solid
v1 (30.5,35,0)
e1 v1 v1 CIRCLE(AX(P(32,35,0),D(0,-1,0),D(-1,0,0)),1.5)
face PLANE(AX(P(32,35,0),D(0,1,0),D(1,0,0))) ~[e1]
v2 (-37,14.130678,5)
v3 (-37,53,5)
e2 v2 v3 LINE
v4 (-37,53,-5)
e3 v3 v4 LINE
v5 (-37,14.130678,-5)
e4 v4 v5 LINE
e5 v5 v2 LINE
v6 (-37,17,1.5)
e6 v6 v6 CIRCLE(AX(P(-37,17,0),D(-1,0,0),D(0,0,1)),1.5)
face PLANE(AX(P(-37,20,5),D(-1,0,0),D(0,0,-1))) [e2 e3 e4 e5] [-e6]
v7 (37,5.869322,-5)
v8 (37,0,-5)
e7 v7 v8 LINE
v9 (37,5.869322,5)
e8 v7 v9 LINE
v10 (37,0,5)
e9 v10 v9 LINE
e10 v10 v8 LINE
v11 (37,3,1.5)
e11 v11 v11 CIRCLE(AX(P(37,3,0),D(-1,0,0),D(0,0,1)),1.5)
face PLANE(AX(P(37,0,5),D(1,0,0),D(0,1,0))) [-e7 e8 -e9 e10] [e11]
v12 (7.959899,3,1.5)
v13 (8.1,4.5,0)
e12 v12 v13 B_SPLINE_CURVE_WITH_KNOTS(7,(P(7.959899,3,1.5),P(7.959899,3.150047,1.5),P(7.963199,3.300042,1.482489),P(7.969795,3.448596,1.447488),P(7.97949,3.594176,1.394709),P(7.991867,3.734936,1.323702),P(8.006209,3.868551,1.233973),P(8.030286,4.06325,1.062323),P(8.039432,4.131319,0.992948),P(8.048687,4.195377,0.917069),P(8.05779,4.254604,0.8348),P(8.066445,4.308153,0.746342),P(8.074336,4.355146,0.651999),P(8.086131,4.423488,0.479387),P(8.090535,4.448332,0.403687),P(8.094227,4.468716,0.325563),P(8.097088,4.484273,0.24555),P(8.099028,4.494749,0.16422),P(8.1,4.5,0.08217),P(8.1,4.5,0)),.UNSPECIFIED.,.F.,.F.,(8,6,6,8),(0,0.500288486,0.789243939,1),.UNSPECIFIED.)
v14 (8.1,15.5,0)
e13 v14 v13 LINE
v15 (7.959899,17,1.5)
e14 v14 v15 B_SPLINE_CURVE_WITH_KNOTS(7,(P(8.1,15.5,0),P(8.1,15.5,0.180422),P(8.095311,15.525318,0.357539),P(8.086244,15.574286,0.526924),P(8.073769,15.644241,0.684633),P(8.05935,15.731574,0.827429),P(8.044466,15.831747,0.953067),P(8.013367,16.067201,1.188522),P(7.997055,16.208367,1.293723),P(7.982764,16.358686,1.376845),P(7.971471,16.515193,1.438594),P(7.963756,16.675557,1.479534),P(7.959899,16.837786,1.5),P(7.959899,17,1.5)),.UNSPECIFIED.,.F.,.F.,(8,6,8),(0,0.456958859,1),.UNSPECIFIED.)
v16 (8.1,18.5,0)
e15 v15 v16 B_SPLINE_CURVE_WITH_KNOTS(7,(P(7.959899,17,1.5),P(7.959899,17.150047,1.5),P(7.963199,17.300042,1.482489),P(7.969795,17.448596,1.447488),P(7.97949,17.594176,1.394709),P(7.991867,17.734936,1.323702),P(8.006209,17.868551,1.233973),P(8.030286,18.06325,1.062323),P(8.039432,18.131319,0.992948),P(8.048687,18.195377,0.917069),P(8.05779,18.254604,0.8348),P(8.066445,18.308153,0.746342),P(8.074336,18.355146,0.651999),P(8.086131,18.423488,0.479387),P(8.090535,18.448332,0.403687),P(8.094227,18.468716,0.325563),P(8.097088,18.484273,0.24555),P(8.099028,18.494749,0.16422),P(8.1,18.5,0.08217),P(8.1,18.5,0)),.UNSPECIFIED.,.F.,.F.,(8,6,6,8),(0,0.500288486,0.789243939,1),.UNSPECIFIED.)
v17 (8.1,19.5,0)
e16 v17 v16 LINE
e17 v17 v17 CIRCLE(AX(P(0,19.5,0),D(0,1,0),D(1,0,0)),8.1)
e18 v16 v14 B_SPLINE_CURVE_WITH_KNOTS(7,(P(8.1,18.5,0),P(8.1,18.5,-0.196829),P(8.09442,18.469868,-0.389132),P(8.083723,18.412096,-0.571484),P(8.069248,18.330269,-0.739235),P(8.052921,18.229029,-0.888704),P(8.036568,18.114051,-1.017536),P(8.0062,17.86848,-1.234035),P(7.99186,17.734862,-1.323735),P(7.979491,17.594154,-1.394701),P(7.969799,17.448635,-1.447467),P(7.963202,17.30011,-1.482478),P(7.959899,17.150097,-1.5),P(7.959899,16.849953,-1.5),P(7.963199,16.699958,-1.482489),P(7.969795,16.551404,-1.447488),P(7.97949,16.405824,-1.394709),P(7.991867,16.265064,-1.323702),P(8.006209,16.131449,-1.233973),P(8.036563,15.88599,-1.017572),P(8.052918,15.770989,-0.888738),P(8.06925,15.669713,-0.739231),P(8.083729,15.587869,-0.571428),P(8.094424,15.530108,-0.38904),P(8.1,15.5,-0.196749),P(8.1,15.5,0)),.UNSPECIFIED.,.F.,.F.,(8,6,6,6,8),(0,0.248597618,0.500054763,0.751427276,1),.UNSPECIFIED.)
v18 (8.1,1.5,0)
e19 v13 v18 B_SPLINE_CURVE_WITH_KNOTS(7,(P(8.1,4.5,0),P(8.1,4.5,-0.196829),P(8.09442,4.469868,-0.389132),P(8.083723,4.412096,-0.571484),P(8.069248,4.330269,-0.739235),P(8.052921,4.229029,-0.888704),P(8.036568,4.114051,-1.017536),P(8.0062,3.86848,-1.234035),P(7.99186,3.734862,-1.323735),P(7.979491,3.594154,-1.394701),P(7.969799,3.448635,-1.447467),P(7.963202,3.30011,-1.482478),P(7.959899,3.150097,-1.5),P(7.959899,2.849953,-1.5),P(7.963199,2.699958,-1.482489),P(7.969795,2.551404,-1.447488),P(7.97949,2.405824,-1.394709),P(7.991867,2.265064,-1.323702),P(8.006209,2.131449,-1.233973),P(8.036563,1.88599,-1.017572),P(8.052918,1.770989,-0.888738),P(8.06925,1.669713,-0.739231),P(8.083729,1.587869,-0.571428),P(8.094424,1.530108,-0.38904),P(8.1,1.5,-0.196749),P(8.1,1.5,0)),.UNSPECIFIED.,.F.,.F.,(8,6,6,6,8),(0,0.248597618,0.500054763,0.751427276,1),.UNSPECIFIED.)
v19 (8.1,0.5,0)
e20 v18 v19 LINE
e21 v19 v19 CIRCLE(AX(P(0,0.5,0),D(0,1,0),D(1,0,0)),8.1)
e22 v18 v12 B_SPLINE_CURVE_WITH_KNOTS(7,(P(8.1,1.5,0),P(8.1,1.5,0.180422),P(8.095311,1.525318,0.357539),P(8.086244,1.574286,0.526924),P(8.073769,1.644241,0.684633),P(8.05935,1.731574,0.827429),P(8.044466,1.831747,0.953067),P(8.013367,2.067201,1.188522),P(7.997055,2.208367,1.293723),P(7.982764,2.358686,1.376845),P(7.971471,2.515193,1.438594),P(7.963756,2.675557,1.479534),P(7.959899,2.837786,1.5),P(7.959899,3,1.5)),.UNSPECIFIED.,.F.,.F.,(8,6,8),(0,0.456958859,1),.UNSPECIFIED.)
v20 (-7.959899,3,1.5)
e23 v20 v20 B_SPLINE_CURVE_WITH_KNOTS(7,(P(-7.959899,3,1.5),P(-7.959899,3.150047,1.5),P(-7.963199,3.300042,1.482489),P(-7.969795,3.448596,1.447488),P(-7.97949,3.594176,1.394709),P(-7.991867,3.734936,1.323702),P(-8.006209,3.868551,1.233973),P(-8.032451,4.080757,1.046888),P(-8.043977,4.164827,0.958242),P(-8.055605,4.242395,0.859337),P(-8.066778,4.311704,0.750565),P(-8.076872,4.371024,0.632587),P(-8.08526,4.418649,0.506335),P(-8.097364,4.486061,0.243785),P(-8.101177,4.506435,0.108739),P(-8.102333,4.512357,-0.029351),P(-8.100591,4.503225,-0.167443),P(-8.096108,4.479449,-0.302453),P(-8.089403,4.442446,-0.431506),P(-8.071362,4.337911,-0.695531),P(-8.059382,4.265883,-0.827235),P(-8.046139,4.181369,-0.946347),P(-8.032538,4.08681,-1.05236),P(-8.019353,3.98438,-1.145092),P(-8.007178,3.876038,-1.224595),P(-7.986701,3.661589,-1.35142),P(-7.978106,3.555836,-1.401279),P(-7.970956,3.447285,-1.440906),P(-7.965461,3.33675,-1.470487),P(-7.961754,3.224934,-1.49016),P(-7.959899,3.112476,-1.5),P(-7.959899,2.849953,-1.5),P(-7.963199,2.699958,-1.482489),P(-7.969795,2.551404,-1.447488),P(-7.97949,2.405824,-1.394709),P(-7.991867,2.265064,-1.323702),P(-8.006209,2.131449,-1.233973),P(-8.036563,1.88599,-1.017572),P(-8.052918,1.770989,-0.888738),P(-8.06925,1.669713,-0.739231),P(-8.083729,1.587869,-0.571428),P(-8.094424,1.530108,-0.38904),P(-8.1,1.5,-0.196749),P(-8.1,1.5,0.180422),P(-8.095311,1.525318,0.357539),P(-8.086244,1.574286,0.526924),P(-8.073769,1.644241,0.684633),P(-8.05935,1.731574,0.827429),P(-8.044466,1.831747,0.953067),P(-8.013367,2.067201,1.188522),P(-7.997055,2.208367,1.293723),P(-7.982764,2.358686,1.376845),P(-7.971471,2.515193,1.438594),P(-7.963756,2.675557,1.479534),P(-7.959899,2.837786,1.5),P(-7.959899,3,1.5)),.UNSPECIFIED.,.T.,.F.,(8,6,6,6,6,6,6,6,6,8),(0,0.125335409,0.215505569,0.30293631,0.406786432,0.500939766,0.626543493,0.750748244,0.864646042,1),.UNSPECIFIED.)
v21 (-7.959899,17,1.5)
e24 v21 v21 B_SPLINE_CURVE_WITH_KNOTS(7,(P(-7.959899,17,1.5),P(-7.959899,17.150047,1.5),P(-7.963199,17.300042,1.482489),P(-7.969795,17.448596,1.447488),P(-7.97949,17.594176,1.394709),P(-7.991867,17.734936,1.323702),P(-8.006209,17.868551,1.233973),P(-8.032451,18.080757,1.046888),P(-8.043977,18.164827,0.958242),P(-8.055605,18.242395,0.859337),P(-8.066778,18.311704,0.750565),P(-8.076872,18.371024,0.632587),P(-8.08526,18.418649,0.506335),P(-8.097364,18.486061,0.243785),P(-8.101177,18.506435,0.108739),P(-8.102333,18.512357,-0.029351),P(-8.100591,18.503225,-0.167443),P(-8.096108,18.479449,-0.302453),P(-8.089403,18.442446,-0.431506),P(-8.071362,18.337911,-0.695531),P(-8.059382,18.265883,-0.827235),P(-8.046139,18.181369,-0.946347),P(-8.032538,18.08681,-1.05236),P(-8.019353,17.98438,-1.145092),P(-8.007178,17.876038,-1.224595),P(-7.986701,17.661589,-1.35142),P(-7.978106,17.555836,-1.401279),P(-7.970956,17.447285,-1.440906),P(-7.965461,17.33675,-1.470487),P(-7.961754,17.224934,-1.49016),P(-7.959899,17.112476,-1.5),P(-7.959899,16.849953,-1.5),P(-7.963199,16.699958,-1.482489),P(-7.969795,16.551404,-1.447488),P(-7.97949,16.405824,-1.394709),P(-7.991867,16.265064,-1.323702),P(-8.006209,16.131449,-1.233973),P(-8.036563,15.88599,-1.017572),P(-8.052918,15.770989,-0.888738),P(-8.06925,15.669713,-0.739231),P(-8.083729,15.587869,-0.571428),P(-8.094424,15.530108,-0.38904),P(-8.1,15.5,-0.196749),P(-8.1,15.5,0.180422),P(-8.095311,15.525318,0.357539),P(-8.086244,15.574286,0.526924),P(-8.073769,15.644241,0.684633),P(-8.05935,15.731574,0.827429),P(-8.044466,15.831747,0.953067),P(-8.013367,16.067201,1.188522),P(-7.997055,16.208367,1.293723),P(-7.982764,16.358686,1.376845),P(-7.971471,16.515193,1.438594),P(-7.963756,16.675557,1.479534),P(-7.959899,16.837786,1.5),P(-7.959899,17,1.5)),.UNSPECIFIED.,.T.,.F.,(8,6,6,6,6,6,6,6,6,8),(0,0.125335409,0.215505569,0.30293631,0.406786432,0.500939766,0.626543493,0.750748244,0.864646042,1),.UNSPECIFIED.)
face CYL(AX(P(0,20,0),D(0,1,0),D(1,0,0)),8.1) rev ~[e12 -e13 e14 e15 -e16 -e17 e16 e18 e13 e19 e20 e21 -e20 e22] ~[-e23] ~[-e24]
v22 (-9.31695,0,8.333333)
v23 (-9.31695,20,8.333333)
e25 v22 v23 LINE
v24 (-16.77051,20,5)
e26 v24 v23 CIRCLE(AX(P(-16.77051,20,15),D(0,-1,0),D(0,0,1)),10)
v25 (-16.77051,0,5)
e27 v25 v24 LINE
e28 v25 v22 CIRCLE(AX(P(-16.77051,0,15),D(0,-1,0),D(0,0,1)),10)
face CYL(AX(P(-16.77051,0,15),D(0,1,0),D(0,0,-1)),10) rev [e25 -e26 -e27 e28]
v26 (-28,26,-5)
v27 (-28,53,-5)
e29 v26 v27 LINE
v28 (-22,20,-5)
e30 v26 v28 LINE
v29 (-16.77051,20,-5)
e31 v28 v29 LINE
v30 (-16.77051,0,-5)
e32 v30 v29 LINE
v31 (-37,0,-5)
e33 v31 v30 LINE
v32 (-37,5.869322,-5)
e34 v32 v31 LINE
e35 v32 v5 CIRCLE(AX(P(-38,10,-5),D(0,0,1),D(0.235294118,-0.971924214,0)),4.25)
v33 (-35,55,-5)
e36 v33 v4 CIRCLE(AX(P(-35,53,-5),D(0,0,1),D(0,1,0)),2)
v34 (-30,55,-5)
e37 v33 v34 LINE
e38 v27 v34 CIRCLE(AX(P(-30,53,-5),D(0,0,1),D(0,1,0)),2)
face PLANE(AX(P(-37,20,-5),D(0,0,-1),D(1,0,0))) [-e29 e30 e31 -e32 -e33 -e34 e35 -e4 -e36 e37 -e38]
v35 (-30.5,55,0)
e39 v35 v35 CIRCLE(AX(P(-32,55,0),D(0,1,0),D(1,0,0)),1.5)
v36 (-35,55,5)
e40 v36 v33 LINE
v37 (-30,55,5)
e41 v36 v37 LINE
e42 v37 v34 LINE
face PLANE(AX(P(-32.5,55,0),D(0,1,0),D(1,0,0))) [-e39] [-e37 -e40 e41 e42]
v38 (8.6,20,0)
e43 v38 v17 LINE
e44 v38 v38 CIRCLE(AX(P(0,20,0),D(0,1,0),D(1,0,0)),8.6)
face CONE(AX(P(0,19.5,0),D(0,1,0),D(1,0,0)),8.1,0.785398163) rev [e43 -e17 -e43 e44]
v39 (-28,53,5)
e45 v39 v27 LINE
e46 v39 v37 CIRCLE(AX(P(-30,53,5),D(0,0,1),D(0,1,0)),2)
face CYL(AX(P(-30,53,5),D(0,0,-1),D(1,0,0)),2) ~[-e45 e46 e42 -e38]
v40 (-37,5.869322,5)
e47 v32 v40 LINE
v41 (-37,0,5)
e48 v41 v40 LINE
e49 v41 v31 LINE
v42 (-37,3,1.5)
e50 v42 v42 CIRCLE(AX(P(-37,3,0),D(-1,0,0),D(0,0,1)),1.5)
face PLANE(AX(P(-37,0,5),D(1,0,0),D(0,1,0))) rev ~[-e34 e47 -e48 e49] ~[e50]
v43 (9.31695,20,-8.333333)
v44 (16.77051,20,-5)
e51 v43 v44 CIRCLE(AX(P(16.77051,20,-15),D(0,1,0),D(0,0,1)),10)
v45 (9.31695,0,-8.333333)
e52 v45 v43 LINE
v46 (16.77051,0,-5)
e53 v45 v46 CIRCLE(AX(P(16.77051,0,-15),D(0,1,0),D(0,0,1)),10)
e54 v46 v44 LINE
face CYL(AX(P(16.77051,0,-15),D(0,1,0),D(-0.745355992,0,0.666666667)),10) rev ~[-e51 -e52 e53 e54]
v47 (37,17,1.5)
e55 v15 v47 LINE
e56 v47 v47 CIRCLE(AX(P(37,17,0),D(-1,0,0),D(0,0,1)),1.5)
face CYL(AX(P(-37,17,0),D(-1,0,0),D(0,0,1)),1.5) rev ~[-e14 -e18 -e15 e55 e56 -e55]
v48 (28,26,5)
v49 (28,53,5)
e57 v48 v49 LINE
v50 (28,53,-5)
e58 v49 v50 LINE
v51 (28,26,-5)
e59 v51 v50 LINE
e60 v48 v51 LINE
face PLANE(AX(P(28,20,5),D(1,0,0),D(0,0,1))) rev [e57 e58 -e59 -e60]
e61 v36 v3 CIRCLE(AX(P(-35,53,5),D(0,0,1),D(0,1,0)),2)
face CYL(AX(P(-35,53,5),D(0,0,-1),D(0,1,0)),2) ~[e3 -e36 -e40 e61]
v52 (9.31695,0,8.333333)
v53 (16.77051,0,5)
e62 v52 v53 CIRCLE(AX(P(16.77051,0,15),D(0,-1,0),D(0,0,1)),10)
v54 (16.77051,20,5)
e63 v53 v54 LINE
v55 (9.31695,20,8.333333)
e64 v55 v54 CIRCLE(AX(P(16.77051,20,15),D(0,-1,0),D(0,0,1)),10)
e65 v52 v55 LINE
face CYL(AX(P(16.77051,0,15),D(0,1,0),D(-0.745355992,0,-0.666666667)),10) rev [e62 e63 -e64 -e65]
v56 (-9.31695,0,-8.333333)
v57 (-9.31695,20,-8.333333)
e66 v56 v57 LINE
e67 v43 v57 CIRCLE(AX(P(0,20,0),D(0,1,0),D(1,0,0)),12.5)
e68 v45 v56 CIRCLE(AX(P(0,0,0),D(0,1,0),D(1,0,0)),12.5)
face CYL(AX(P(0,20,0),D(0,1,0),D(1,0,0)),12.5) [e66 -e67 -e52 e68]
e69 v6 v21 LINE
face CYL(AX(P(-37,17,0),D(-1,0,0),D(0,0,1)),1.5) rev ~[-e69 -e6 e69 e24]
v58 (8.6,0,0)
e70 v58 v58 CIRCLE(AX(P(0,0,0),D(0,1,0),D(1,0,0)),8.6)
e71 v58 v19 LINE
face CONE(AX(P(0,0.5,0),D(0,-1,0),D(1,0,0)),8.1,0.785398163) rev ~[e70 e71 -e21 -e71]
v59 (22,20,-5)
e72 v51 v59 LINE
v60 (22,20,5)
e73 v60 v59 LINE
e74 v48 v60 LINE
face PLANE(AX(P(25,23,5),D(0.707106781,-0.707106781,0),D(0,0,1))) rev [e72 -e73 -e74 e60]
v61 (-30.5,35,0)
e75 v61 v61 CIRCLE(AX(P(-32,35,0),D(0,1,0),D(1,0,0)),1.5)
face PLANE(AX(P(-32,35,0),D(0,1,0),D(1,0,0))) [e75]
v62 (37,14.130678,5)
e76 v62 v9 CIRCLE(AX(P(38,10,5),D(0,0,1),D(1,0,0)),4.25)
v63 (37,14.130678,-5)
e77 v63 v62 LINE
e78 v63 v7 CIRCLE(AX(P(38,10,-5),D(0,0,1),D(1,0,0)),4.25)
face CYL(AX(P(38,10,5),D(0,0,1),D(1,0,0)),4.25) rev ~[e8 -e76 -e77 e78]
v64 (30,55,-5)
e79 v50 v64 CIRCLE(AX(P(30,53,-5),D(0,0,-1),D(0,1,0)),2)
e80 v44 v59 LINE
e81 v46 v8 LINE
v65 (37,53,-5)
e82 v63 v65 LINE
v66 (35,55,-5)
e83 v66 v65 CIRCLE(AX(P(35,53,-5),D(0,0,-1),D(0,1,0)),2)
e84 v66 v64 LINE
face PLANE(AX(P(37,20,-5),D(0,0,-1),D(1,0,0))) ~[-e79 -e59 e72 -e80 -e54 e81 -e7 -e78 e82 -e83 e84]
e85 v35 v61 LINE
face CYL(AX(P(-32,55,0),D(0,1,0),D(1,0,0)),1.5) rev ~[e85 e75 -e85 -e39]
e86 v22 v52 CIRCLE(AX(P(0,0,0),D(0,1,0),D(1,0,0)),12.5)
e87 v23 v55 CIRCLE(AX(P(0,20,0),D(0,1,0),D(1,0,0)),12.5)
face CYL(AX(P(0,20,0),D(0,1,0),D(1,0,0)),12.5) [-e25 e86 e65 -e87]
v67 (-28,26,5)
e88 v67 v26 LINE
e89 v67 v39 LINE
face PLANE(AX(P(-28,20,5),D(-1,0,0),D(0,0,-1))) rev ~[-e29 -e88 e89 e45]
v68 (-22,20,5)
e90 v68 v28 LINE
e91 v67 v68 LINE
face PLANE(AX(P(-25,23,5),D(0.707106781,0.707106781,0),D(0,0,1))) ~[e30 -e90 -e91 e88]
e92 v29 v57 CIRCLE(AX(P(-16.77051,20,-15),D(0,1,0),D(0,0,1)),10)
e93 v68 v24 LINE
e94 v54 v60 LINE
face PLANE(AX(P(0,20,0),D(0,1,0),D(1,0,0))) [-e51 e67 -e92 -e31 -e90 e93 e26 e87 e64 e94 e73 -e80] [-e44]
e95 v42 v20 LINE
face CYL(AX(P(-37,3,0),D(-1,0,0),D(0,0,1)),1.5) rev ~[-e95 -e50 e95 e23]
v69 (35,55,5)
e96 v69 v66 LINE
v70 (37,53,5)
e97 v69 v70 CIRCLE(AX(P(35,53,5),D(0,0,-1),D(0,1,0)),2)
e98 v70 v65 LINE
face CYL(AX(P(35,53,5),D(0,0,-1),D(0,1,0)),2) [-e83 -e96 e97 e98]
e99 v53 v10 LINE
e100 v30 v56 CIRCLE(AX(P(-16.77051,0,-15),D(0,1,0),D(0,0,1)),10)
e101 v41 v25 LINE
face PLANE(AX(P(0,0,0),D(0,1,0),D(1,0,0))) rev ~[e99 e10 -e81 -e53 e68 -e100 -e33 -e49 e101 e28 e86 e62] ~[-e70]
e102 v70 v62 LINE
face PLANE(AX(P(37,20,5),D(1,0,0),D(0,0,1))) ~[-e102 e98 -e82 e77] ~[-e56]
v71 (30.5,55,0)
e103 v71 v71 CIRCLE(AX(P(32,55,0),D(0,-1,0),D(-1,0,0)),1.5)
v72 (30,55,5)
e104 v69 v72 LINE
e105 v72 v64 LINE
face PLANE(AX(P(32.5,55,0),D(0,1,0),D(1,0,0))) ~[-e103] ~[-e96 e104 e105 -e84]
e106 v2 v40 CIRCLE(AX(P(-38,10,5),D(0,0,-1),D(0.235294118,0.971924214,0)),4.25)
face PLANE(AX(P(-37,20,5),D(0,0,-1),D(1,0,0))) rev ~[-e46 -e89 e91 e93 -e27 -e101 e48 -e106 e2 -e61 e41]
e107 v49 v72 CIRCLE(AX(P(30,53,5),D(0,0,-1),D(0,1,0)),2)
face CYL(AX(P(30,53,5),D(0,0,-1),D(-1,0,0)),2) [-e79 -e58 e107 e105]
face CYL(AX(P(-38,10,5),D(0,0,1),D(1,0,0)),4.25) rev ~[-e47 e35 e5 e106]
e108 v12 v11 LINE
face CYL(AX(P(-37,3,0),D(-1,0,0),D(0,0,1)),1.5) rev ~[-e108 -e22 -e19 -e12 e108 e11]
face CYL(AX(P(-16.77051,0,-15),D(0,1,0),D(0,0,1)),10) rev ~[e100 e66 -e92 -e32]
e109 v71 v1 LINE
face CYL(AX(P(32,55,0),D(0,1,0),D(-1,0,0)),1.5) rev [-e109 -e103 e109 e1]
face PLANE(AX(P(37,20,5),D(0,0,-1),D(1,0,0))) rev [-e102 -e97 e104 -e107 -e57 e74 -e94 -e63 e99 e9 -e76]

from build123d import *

# Parameters (mm, degrees)
SKETCH1_W                = 88
SKETCH1_H                = 10
BOSS_EXTRUDE1_DEPTH      = 20
SKETCH2_R                = 4.25
CUT_EXTRUDE1_DEPTH       = 11
SKETCH7_R                = 12.5
BOSS_EXTRUDE2_DEPTH      = 20
SKETCH4_R                = 8.1
CUT_EXTRUDE3_DEPTH       = 21
FILLET2_R                = 10
SKETCH9_W                = 7
SKETCH9_H                = 20
CUT_EXTRUDE6_DEPTH       = 18.5
SKETCH10_W               = 9
SKETCH10_H               = 10
BOSS_EXTRUDE3_DEPTH      = 35
SKETCH11_R               = 1.5
CUT_EXTRUDE7_DEPTH       = 20
CHAMFER1_SIZE            = 6
FILLET3_R                = 2
CHAMFER1_OF_MIRROR1_SIZE = 6
FILLET3_OF_MIRROR1_R     = 2
CHAMFER2_SIZE            = 0.5
SKETCH12_R               = 1.5
CUT_EXTRUDE8_DEPTH       = 75


with BuildPart() as part:
    # Sketch1 → Boss-Extrude1 (new body)
    with BuildSketch(Plane(origin=(0, 0, 0), x_dir=(1, 0, 0), z_dir=(0, 1, 0))):
        Rectangle(SKETCH1_W, SKETCH1_H)
    extrude(amount=BOSS_EXTRUDE1_DEPTH)

    # Sketch2 → Cut-Extrude1 (cut, through all)
    with BuildSketch(Plane.XY.offset(5)):
        with Locations((-38, 10)):
            Circle(SKETCH2_R)
        with Locations((38, 10)):
            Circle(SKETCH2_R)
    extrude(amount=-CUT_EXTRUDE1_DEPTH, mode=Mode.SUBTRACT)

    # Sketch7 → Boss-Extrude2 (add)
    with BuildSketch(Plane(origin=(0, 20, 0), x_dir=(1, 0, 0), z_dir=(0, 1, 0))):
        Circle(SKETCH7_R)
    extrude(amount=-BOSS_EXTRUDE2_DEPTH)

    # Sketch4 → Cut-Extrude3 (cut, through all)
    with BuildSketch(Plane(origin=(0, 20, 0), x_dir=(1, 0, 0), z_dir=(0, 1, 0))):
        Circle(SKETCH4_R)
    extrude(amount=-CUT_EXTRUDE3_DEPTH, mode=Mode.SUBTRACT)

    # Fillet2
    fillet2_edges = [part.edges().sort_by_distance(p)[0] for p in [
        (11.456439237, 10, -5),
        (11.456439237, 10, 5),
        (-11.456439237, 10, -5),
        (-11.456439237, 10, 5),
    ]]
    fillet(fillet2_edges, radius=FILLET2_R)

    # Sketch9 → Cut-Extrude6 (cut, through all)
    with BuildSketch(Plane.XY.offset(5)):
        with Locations((-40.5, 10)):
            Rectangle(SKETCH9_W, SKETCH9_H)
        with Locations((40.5, 10)):
            Rectangle(SKETCH9_W, SKETCH9_H)
    extrude(amount=-CUT_EXTRUDE6_DEPTH, mode=Mode.SUBTRACT)

    # Sketch10 → Boss-Extrude3 (add)
    with BuildSketch(Plane(origin=(0, 20, 0), x_dir=(1, 0, 0), z_dir=(0, 1, 0))):
        with Locations((-32.5, 0)):
            Rectangle(SKETCH10_W, SKETCH10_H)
    boss_extrude3 = extrude(amount=BOSS_EXTRUDE3_DEPTH)

    # Sketch11 → Cut-Extrude7 (cut)
    with BuildSketch(Plane(origin=(0, 55, 0), x_dir=(1, 0, 0), z_dir=(0, 1, 0))):
        with Locations((-32, 0)):
            Circle(SKETCH11_R)
    cut_extrude7 = extrude(amount=-CUT_EXTRUDE7_DEPTH, mode=Mode.SUBTRACT)

    # Chamfer1
    chamfer1_edges = [part.edges().sort_by_distance(p)[0] for p in [
        (-28, 20, 0),
    ]]
    chamfer(chamfer1_edges, length=CHAMFER1_SIZE)

    # Fillet3
    fillet3_edges = [part.edges().sort_by_distance(p)[0] for p in [
        (-37, 55, 0),
        (-28, 55, 0),
    ]]
    fillet(fillet3_edges, radius=FILLET3_R)

    # Mirror1: Boss-Extrude3, Cut-Extrude7 across plane
    add(boss_extrude3.mirror(Plane(origin=(0, 0, 0), x_dir=(0, 0, 1), z_dir=(1, 0, 0))))
    add(cut_extrude7.mirror(Plane(origin=(0, 0, 0), x_dir=(0, 0, 1), z_dir=(1, 0, 0))), mode=Mode.SUBTRACT)

    # Chamfer1 of Mirror1
    chamfer1_of_mirror1_edges = [part.edges().sort_by_distance(p)[0] for p in [
        (28, 20, 0),
    ]]
    chamfer(chamfer1_of_mirror1_edges, length=CHAMFER1_OF_MIRROR1_SIZE)

    # Fillet3 of Mirror1
    fillet3_of_mirror1_edges = [part.edges().sort_by_distance(p)[0] for p in [
        (37, 55, 0),
        (28, 55, 0),
    ]]
    fillet(fillet3_of_mirror1_edges, radius=FILLET3_OF_MIRROR1_R)

    # Chamfer2
    chamfer2_edges = [part.edges().sort_by_distance(p)[0] for p in [
        (-8.1, 0, 0),
        (-8.1, 20, 0),
    ]]
    chamfer(chamfer2_edges, length=CHAMFER2_SIZE)

    # Sketch12 → Cut-Extrude8 (cut, through all)
    with BuildSketch(Plane.ZY.offset(37)):
        with Locations((0, 3)):
            Circle(SKETCH12_R)
        with Locations((0, 17)):
            Circle(SKETCH12_R)
    extrude(amount=-CUT_EXTRUDE8_DEPTH, mode=Mode.SUBTRACT)


solid = part.part
